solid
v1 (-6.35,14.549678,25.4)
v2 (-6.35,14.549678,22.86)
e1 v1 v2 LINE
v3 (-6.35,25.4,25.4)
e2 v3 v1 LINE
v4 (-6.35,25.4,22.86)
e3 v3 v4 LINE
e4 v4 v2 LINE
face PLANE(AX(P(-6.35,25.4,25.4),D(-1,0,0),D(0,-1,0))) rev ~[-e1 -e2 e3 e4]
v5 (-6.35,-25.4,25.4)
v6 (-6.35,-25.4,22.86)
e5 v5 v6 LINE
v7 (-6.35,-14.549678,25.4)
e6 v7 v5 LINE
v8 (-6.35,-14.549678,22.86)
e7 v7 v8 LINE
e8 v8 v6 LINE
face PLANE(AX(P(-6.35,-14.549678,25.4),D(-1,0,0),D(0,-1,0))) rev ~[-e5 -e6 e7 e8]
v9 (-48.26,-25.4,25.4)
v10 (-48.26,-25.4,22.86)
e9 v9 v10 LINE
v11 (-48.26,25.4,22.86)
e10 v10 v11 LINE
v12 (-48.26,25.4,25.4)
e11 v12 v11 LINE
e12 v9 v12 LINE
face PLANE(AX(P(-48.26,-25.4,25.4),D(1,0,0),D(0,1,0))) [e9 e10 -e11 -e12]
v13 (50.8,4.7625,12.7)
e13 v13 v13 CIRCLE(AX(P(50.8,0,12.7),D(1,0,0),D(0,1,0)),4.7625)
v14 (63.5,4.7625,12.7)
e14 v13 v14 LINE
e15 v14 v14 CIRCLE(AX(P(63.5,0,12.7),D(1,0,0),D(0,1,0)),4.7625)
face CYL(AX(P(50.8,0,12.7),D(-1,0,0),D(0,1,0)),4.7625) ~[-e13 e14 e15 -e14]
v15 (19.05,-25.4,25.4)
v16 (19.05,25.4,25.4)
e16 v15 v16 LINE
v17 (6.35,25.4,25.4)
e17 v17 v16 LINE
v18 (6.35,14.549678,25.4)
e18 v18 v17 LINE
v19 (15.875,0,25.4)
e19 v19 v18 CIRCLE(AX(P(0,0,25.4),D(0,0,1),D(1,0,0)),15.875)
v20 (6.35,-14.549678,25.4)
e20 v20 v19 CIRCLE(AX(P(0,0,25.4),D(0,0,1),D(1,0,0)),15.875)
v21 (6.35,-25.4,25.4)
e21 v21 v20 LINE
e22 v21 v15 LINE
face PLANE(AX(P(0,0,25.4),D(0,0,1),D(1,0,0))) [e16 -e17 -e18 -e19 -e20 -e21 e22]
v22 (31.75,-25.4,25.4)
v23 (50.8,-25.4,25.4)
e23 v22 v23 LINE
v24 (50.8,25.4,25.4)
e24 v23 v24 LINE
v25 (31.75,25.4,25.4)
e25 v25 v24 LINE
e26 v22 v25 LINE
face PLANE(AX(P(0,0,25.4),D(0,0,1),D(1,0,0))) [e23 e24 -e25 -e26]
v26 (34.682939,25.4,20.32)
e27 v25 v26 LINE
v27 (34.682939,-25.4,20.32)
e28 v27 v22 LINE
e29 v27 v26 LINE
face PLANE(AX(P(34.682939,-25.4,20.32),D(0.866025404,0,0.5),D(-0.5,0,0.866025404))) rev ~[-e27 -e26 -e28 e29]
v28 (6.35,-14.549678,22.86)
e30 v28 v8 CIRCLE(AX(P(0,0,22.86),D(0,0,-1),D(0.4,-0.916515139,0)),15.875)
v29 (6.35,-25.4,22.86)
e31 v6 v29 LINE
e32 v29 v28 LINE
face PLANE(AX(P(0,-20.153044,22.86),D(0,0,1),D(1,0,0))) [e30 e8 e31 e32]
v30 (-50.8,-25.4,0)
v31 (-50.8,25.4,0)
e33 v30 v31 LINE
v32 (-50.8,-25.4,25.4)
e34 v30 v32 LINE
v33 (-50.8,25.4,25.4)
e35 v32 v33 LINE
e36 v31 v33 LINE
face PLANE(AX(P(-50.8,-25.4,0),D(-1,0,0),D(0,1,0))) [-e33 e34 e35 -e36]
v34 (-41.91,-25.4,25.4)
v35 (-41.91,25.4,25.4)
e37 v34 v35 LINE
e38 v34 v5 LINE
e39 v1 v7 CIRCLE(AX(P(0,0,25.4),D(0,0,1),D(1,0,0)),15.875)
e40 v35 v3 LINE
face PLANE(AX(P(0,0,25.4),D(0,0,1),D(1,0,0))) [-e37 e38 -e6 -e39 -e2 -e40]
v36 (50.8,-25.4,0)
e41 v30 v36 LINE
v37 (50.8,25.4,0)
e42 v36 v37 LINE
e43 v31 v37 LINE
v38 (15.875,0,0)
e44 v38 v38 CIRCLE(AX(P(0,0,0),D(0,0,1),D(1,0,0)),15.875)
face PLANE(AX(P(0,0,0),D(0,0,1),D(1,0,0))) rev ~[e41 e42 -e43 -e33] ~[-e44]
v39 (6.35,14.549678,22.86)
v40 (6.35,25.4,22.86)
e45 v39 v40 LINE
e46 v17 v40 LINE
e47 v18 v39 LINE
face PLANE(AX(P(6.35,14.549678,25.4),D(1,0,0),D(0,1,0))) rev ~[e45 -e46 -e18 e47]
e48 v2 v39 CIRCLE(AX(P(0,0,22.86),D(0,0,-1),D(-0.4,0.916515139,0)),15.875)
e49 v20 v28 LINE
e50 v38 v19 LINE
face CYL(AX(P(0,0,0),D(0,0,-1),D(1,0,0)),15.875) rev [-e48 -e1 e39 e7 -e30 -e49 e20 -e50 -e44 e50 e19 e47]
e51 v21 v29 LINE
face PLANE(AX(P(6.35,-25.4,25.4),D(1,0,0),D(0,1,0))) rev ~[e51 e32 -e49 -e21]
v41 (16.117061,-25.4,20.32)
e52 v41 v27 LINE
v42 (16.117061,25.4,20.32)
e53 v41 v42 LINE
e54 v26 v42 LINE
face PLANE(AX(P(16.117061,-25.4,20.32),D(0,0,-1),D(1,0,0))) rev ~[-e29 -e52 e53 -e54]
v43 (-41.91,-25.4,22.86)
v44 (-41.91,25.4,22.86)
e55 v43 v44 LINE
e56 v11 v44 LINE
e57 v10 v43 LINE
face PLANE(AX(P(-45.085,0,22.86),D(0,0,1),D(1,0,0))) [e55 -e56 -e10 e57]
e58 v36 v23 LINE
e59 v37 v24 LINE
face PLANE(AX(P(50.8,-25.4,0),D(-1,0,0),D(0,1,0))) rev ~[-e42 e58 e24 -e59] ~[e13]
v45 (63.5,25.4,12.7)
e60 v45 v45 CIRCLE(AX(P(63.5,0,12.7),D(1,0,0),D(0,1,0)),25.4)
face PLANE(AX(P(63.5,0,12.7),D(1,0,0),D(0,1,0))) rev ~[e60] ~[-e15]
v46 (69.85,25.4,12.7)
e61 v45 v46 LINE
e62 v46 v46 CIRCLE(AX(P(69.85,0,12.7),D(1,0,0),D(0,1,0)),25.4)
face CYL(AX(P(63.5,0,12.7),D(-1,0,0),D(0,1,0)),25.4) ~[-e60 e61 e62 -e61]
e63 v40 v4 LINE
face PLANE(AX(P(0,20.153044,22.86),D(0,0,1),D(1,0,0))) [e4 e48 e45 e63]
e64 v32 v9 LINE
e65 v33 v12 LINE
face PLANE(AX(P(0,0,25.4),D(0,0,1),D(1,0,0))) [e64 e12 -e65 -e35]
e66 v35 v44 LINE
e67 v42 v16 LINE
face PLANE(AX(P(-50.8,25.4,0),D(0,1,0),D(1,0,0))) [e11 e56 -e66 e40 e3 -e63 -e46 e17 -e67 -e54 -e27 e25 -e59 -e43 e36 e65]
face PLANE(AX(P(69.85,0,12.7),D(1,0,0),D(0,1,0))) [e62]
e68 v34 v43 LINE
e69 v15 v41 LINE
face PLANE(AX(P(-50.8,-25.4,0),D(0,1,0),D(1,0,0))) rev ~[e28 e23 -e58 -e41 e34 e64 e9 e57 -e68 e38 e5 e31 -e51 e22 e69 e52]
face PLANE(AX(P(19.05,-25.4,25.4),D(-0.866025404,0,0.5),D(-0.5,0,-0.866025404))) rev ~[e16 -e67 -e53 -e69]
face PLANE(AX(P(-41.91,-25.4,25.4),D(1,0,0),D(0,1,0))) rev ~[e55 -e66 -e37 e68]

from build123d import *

# Parameters (mm, degrees)
F0_W     = 101.6
F0_H     = 50.8
F0_R     = 15.875
F1_DEPTH = 25.4
F2_W     = 6.35
F2_H     = 50.8
F3_DEPTH = 2.54
F5_DEPTH = 50.801
F6_R     = 4.7625
F7_DEPTH = 12.7
F8_R     = 25.4
F8_R_2   = 4.7625
F9_DEPTH = 6.35


with BuildPart() as f1:
    # F0 (on Top) → F1 (new body)
    with BuildSketch(Plane.XY):
        Rectangle(F0_W, F0_H)
        Circle(F0_R, mode=Mode.SUBTRACT)
    extrude(amount=F1_DEPTH)

    # F2 (on face) → F3 (cut)
    with BuildSketch(Plane.XY.offset(25.4)):
        with BuildLine():
            Line((6.35, 25.4), (-6.35, 25.4))
            Line((-6.35, 25.4), (-6.35, 14.5496778315))
            ThreePointArc((-6.35, 14.5496778315), (0, 15.875), (6.35, 14.5496778315))
            Line((6.35, 14.5496778315), (6.35, 25.4))
        make_face()
        with BuildLine():
            Line((-6.35, -14.5496778315), (-6.35, -25.4))
            Line((-6.35, -25.4), (6.35, -25.4))
            Line((6.35, -25.4), (6.35, -14.5496778315))
            ThreePointArc((6.35, -14.5496778315), (0, -15.875), (-6.35, -14.5496778315))
        make_face()
        with Locations((-45.085, 0)):
            Rectangle(F2_W, F2_H)
    extrude(amount=-F3_DEPTH, mode=Mode.SUBTRACT)

    # F4 (on face) → F5 (cut, through all)
    with BuildSketch(Plane.XZ.offset(25.4)):
        Polygon((31.75, 25.4), (19.05, 25.4), (16.1170606325, 20.32), (34.6829393675, 20.32), align=None)
    extrude(amount=-F5_DEPTH, mode=Mode.SUBTRACT)

    # F6 (on face) → F7 (join)
    with BuildSketch(Plane.YZ.offset(50.8)):
        with Locations((0, 12.7)):
            Circle(F6_R)
    extrude(amount=F7_DEPTH)

    # F8 (on face) → F9 (join)
    with BuildSketch(Plane.YZ.offset(63.5)):
        with Locations((0, 12.7)):
            Circle(F8_R)
        with Locations((0, 12.7)):
            Circle(F8_R_2, mode=Mode.SUBTRACT)
        with Locations((0, 12.7)):
            Circle(F8_R_2)
    extrude(amount=F9_DEPTH)


solid = f1.part
